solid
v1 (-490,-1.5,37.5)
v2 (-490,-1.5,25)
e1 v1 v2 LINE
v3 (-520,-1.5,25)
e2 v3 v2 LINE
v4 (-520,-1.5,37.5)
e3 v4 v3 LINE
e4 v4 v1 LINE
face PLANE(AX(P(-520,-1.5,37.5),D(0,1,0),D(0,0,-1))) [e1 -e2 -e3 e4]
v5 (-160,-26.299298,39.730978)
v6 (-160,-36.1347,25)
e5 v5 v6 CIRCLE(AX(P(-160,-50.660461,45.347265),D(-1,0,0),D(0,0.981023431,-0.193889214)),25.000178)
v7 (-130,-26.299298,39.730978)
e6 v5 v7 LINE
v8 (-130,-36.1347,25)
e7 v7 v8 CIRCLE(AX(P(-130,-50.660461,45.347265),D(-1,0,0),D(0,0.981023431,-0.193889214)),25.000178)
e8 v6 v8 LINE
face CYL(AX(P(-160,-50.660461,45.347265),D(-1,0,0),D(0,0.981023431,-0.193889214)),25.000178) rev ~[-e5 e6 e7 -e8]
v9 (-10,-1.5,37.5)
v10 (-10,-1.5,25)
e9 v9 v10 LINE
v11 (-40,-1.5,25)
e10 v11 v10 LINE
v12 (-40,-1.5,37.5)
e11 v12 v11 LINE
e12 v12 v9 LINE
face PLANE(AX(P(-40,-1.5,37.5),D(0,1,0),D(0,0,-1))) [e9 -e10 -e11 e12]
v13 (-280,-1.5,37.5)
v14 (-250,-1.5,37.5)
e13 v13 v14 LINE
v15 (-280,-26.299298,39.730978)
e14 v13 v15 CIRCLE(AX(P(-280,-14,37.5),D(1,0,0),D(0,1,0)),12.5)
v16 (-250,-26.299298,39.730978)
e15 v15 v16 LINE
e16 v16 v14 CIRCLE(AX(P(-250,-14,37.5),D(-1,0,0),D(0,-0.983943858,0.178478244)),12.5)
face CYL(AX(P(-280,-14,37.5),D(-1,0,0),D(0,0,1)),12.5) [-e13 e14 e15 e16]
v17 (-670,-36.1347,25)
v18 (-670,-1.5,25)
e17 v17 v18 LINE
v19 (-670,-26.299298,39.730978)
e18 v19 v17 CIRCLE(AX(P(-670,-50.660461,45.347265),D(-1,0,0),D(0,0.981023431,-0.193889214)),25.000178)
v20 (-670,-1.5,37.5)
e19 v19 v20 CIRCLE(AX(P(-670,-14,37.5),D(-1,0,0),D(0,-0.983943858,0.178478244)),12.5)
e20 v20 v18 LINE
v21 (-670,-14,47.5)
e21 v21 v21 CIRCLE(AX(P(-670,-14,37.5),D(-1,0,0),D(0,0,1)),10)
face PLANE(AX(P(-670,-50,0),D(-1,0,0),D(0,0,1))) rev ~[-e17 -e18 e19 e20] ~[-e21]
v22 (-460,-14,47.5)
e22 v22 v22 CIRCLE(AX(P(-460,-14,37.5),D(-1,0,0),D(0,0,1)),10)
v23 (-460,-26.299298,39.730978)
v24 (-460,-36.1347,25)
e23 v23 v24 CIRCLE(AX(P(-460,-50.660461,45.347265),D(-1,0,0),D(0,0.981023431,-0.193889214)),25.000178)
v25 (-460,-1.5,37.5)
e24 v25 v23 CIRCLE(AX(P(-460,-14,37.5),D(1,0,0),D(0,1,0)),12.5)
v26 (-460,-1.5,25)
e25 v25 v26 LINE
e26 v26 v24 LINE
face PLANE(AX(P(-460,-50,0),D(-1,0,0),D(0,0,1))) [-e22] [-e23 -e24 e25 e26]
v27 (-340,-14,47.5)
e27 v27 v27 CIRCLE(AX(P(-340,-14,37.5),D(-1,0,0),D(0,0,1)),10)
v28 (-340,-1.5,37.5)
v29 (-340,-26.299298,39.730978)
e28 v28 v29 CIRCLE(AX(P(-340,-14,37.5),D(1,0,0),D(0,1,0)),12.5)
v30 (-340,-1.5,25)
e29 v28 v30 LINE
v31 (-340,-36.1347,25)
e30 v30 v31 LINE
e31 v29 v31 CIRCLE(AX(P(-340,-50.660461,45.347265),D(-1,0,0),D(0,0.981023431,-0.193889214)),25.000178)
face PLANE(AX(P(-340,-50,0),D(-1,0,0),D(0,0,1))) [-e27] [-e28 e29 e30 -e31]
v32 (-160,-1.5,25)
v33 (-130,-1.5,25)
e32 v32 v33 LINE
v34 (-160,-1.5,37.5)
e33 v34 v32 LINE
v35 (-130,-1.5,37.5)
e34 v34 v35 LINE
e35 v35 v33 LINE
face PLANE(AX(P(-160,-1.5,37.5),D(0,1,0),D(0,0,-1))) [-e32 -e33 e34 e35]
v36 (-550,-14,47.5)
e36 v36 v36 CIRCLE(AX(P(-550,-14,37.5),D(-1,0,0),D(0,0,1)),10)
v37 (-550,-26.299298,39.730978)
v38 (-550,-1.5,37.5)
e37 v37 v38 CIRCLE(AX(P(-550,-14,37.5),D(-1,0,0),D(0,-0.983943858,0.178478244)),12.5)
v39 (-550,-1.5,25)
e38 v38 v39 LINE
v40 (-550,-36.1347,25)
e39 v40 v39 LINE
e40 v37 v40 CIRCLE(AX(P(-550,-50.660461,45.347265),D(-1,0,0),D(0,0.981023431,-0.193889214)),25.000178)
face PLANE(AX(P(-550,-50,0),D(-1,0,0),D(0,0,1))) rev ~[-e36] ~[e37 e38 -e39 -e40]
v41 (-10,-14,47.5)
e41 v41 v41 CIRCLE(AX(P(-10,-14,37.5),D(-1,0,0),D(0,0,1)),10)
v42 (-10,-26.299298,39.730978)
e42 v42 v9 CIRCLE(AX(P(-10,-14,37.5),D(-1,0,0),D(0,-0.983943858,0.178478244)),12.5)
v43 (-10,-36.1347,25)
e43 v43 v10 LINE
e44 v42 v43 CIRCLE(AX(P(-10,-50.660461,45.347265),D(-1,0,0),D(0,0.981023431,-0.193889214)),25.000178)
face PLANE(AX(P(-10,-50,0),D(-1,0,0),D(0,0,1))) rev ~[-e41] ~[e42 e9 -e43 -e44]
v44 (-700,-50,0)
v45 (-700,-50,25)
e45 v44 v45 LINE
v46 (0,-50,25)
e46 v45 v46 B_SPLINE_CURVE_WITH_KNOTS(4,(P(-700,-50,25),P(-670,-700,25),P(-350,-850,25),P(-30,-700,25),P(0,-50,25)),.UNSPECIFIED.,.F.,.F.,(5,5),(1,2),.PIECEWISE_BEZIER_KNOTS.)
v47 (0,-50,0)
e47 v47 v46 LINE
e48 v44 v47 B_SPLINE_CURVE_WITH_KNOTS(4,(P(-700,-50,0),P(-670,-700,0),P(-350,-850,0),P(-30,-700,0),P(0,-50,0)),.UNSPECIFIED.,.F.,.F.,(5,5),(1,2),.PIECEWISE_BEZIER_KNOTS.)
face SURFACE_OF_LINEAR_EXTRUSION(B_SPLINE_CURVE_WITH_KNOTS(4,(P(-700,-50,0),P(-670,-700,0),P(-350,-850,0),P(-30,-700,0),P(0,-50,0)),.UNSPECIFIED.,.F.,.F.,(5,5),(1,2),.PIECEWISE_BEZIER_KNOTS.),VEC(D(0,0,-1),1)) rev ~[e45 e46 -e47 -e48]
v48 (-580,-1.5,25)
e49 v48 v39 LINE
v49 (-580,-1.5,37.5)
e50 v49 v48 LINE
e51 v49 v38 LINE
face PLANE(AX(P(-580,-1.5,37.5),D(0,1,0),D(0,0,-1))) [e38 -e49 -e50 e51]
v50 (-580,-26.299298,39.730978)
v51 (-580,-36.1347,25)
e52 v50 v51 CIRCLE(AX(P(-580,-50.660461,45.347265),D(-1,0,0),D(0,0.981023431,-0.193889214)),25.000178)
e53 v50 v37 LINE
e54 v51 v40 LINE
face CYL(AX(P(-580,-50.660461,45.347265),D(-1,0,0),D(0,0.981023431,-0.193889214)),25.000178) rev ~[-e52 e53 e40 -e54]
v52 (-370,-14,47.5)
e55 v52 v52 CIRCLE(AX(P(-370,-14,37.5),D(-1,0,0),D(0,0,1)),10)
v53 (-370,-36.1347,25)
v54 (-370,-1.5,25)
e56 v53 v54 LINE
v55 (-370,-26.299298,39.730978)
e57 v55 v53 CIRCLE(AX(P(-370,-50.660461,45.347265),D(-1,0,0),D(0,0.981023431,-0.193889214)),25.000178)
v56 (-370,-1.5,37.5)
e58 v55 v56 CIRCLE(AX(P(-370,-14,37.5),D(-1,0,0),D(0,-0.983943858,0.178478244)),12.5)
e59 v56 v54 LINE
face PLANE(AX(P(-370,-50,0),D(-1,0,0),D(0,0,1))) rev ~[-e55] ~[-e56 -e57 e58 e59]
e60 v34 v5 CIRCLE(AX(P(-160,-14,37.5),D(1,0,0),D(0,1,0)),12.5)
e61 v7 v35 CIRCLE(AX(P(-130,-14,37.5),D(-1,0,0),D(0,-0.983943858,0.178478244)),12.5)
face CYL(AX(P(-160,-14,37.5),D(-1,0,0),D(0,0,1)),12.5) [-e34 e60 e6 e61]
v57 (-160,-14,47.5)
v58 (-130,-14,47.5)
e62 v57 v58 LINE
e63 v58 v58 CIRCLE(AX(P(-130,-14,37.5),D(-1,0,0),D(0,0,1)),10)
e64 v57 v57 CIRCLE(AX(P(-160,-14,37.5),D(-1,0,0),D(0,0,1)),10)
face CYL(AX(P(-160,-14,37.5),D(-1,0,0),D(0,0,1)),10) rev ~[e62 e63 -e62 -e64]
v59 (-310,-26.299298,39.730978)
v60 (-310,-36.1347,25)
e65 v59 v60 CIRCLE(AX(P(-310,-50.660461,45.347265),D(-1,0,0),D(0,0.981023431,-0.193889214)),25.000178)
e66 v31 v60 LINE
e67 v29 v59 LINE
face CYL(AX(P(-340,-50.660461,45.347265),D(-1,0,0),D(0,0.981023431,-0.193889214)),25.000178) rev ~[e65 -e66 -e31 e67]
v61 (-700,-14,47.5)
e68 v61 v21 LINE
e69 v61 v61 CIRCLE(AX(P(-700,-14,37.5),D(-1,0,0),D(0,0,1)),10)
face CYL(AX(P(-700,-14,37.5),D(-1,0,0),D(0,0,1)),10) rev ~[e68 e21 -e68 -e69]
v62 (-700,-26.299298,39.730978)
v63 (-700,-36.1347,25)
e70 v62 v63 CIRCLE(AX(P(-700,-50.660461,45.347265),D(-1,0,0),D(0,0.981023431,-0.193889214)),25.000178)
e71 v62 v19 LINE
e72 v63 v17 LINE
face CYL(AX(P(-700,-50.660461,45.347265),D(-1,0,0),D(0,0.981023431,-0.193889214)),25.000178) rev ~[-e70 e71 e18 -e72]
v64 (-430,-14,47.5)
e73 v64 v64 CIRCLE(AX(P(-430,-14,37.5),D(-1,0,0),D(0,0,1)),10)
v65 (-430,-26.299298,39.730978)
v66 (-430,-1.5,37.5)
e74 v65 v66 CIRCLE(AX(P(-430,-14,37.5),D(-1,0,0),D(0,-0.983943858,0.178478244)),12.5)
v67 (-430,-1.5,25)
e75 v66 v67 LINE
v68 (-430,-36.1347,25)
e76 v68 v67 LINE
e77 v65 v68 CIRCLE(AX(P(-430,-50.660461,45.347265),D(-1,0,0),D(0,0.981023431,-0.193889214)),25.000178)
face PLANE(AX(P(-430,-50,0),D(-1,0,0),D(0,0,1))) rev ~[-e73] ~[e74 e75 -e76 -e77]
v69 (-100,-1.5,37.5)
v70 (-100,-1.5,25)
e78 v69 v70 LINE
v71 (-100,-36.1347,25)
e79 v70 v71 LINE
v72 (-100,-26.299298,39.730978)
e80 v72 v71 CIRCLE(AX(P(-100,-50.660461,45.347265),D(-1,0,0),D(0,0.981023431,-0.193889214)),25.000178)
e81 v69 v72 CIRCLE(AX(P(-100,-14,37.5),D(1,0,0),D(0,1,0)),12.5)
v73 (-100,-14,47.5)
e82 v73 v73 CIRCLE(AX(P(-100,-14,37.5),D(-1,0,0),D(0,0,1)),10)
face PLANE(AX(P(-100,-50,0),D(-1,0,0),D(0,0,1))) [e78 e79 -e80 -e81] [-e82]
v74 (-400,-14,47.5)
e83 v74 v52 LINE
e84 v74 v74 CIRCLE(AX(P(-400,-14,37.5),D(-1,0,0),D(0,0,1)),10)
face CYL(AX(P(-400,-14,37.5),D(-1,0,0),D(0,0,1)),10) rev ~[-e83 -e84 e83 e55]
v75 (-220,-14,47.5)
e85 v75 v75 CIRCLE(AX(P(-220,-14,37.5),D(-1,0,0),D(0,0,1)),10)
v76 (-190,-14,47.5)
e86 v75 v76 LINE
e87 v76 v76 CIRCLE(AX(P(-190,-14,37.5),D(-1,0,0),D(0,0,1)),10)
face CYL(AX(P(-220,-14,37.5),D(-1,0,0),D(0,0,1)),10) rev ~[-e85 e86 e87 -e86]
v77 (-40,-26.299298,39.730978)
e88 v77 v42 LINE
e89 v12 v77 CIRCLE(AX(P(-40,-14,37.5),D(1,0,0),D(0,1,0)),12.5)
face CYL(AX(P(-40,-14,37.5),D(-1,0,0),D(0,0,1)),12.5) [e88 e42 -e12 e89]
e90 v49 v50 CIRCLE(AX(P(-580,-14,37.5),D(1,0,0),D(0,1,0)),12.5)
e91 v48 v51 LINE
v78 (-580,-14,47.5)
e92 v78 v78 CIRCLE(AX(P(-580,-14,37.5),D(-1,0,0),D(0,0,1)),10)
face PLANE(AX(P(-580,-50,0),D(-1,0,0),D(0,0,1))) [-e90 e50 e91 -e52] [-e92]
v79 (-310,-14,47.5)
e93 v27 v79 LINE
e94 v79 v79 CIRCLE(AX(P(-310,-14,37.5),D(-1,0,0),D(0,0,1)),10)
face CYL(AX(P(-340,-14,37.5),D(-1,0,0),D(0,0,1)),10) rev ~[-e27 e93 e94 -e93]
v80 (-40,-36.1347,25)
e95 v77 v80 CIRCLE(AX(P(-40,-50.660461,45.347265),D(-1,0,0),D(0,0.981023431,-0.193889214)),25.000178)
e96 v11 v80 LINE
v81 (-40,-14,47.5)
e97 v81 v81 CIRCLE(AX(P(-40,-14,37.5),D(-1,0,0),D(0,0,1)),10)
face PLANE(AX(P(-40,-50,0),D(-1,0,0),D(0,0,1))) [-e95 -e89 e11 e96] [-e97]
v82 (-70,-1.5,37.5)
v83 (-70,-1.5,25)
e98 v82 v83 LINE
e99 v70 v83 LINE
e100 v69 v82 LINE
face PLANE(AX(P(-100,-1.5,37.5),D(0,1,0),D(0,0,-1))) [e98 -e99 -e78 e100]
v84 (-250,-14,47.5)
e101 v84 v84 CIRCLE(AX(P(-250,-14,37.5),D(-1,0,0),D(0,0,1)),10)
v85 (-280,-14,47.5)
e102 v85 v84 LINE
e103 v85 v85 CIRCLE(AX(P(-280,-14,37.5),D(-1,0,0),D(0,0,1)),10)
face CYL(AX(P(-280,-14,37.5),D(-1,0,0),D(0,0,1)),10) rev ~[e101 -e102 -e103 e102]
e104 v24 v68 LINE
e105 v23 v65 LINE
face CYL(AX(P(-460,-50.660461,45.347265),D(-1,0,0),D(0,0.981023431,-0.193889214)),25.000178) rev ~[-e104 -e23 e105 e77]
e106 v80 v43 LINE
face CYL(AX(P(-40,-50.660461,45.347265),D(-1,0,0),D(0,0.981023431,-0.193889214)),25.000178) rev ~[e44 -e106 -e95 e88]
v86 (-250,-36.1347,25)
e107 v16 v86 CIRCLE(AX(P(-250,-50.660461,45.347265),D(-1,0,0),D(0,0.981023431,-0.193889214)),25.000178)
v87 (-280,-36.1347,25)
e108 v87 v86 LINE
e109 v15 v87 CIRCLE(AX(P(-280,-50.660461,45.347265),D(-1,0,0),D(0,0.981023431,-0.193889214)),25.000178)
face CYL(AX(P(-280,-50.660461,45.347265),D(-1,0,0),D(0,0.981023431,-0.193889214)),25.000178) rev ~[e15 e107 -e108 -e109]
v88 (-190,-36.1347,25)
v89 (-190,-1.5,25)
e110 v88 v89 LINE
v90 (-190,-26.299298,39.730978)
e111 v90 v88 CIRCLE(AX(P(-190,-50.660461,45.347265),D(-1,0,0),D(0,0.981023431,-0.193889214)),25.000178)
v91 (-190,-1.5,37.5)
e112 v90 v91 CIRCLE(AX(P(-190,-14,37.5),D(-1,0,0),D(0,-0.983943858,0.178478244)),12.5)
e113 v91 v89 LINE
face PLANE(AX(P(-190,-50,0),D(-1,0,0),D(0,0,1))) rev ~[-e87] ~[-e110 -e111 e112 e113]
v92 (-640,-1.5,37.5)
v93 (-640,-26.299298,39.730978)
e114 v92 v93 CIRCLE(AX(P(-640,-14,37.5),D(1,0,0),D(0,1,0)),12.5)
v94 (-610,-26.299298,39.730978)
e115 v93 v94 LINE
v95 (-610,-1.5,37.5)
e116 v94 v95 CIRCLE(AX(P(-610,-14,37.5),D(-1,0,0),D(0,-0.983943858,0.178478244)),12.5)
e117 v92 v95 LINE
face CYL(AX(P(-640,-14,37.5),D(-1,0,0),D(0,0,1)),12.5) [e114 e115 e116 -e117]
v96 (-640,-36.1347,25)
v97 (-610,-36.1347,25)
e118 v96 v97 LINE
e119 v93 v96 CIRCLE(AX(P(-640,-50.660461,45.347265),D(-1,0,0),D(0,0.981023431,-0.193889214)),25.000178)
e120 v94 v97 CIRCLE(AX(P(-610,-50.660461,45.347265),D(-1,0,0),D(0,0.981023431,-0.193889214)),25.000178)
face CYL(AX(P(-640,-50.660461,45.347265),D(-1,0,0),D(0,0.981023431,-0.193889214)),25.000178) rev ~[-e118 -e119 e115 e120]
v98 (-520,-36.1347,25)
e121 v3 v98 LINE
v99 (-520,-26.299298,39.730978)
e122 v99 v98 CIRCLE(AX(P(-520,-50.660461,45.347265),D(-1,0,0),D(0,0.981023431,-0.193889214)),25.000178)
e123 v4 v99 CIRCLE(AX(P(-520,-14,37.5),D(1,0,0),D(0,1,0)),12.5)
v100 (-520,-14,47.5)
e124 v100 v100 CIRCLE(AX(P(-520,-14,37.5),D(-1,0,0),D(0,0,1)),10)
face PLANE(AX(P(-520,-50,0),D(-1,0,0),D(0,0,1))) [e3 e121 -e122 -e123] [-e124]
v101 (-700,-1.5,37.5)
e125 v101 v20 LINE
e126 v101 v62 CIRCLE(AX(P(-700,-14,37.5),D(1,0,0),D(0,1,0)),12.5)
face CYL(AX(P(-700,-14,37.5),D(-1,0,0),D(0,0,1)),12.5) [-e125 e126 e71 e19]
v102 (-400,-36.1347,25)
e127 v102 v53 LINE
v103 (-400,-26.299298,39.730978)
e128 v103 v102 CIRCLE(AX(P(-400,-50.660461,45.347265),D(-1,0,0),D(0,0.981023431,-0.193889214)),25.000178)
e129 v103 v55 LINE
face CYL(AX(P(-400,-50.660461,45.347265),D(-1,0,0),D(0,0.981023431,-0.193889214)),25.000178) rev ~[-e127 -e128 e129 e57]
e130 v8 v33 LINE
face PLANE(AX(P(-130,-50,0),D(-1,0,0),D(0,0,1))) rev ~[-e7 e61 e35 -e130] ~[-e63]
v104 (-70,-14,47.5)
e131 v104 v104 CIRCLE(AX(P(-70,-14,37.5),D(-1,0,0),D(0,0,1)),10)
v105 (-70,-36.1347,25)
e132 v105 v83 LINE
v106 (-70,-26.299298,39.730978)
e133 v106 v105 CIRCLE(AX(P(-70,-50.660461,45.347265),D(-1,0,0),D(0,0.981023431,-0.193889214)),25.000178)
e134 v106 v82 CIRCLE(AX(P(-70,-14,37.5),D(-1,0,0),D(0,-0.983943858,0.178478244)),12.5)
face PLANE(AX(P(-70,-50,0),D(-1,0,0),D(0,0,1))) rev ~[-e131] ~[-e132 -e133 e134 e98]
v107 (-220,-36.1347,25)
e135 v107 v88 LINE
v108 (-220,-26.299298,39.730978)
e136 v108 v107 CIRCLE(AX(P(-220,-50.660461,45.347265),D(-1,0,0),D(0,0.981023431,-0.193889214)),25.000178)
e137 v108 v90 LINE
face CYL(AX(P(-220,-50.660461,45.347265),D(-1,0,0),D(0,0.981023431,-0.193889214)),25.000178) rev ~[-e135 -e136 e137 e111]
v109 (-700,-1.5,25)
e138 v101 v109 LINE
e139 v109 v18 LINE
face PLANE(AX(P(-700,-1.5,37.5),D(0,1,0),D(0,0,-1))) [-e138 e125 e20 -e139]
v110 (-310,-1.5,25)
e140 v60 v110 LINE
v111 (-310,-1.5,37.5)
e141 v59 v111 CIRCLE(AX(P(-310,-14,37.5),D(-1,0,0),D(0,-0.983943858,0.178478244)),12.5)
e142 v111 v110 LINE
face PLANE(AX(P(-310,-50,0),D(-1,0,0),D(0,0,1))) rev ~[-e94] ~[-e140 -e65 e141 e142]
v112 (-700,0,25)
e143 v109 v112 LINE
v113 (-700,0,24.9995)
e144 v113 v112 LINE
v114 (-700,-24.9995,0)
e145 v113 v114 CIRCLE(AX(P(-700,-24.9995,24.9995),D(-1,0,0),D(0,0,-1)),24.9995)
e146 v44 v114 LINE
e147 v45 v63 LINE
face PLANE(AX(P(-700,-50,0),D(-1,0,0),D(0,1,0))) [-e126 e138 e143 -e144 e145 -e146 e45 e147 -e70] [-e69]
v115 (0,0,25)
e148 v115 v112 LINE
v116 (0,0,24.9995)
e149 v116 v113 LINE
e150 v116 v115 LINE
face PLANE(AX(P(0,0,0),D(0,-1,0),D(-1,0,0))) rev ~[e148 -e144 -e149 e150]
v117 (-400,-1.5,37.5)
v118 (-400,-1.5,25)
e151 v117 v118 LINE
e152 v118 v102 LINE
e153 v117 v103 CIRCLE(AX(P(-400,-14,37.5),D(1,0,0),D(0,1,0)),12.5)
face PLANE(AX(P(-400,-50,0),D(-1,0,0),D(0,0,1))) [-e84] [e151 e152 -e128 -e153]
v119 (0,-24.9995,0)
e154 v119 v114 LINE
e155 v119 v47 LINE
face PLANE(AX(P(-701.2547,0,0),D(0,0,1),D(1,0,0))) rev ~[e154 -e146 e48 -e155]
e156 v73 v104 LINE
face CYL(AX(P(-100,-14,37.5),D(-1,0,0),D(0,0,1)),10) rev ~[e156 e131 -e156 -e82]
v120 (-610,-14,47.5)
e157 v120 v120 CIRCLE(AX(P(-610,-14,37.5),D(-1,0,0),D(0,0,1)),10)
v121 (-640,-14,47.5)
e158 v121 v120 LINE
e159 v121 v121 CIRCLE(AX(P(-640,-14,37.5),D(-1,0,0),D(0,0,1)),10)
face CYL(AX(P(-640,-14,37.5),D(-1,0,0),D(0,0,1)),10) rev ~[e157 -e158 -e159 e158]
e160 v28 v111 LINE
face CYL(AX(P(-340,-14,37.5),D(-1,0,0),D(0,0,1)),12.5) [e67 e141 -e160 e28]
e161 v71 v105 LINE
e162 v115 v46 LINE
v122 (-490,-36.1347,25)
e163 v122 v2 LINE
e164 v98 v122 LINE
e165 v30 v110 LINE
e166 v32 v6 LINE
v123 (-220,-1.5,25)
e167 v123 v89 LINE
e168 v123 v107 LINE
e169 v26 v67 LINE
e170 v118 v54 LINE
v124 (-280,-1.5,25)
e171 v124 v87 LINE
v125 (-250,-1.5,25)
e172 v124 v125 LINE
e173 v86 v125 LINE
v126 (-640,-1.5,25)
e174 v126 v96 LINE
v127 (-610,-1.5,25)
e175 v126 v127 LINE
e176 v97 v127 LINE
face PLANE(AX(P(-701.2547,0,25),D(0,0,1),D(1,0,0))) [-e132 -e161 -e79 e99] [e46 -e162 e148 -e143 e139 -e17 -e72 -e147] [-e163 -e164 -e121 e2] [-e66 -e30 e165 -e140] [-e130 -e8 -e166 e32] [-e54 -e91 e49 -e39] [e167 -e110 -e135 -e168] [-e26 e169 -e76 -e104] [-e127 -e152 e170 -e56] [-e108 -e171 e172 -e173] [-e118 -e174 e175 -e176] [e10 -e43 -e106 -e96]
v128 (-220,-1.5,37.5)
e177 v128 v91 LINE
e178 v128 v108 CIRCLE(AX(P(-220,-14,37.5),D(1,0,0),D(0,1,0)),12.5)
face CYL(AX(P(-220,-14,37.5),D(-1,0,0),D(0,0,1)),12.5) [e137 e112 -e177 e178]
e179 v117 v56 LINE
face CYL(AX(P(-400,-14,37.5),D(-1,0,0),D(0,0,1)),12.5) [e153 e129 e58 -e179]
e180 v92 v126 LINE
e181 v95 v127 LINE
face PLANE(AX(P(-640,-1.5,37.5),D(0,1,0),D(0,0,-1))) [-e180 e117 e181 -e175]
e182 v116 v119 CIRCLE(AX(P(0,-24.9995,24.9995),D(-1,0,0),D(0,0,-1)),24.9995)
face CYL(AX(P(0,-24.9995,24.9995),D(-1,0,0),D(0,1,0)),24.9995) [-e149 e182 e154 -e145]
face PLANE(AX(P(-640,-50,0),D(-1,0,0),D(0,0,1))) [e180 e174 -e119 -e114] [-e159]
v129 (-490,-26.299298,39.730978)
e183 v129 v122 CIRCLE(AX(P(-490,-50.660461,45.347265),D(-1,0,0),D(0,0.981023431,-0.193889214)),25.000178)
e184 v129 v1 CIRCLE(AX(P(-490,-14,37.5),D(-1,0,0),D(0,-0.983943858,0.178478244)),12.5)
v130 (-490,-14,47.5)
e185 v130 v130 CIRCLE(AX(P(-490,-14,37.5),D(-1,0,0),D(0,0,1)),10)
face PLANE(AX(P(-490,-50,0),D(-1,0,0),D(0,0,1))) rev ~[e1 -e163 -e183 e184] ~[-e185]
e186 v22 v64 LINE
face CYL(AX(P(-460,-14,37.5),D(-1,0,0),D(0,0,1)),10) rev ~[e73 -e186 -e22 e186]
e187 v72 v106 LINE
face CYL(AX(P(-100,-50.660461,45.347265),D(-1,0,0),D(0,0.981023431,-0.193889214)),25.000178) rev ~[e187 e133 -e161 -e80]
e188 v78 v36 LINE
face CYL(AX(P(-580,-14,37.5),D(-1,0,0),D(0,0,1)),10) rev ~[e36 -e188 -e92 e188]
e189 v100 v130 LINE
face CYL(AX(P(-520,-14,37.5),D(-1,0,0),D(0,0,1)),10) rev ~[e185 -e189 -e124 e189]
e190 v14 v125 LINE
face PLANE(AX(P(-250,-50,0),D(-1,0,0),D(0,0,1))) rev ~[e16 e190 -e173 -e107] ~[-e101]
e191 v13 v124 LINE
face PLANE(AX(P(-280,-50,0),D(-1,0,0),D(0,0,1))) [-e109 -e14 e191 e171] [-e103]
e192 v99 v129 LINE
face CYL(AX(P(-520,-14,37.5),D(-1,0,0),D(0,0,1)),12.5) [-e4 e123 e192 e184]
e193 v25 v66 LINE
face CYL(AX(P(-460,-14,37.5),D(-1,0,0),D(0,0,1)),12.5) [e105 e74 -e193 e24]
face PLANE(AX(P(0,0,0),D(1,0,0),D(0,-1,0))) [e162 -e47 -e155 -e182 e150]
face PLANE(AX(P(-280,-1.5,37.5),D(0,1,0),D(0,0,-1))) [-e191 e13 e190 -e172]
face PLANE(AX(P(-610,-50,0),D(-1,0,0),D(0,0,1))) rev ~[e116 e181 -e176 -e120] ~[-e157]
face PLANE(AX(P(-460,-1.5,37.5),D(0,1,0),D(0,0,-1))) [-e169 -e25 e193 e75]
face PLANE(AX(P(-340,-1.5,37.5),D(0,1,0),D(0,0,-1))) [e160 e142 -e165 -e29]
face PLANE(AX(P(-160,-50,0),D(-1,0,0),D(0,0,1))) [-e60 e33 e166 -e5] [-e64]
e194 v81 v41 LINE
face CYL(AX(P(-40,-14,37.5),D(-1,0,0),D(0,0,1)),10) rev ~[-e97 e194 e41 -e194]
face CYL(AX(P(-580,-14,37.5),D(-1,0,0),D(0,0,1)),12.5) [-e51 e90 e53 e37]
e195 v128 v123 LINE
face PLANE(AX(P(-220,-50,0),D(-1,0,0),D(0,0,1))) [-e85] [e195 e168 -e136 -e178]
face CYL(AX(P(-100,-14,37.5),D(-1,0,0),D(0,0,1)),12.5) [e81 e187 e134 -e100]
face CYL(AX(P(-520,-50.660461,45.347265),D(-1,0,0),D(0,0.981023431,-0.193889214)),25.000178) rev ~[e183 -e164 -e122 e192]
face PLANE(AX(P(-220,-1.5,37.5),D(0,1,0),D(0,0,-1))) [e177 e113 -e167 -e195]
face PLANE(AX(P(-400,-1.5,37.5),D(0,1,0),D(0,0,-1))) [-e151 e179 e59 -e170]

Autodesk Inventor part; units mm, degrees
ref_plane "YZ Plane" through (0, 0, 0) normal (1, 0, 0) x (0, 1, 0)
ref_plane "XZ Plane" through (0, 0, 0) normal (0, 1, 0) x (-1, 0, 0)
ref_plane "XY Plane" through (0, 0, 0) normal (0, 0, 1) x (1, 0, 0)
ref_plane "Work Plane1" through (-701.2547, 0, 0) normal (0, 0, 1) x (1, 0, 0)
sketch "Sketch1" plane through (-701.2547, 0, 0) normal (0, 0, 1) x (1, 0, 0)
  line L0 (557.3903, 26) -> (429.8698, 26) projected
  arc A0 (429.8698, 26) -> (429.8698, 4) centre (429.8698, 15) ccw projected
  line L1 (429.8698, 4) -> (557.3903, 4) projected
  arc A1 (557.3903, 4) -> (557.3903, 26) centre (557.3903, 15) ccw projected
  line L2 (701.2547, 0) -> (1.2547, 0) projected
  line L3 (1.2547, 0) -> (1.2547, 30) projected
  line L4 (1.2547, 30) -> (701.2547, 30) projected
  line L5 (701.2547, 30) -> (701.2547, 0) projected
  line L6 (1.2547, 0) -> (701.2547, 0)
  line L7 (701.2547, 0) -> (701.2547, -50)
  line L8 (701.2547, -50) -> (1.2547, -50)
  line L9 (1.2547, -50) -> (1.2547, 0)
  line L10 (1.2547, -50) -> (31.2547, -700) construction
  line L11 (31.2547, -700) -> (351.2547, -850) construction
  line L12 (351.2547, -850) -> (671.2547, -700) construction
  line L13 (671.2547, -700) -> (701.2547, -50) construction
  spline S0 degree 4 poles (1.2547, -50) (31.2547, -700) (351.2547, -850) (671.2547, -700) (701.2547, -50) knots 1 1 1 1 1 2 2 2 2 2
  dimension "d0" = 50
  dimension "d1" = 850
  dimension "d2" = 700
  dimension "d3" = 30
  dimension "d4" = 30
  dimension "d5" = 350
  dimension "d6" = 350
extrude "Extrusion1" add sketch "Sketch1" along normal blind 25 contours L7 L8 L9 L2 | S0 L8
ref_plane "Work Plane2" through (-700, 0, 1930) normal (-1, 0, 0) x (0, 1, 0)
sketch "Sketch3" plane through (-700, -50, 0) normal (-1, 0, 0) x (0, 0, 1)
  circle A0 centre (37.5, 36) radius 12.5
  line L0 (0, 50) -> (25, 50) projected
  line L1 (25, 50) -> (25, 0) projected
  circle A1 centre (37.5, 36) radius 10
  arc A2 (40.5, 23.8653) -> (25, 13.8653) centre (45.3472, -0.6603) ccw
  line L2 (37.5, 48.5) -> (25, 48.5)
  point P0 (12.5, 50)
  point P1 (39.7301, 23.7006)
  point P2 (25, 36)
  point P3 (25, 41.0707)
  dimension "d11" = 12.5
  dimension "d12" = 2.5
  dimension "d13" = 20
  dimension "d14" = 10
  dimension "d15" = 3
  dimension "d16" = 25
  dimension "d17" = 14
  dimension "d18" = 12.5
extrude "Extrusion2" add sketch "Sketch3" against normal blind 30
fillet "Fillet1" radius 25 1 edges at (-350, 0, 0)
pattern_linear "Rectangular Pattern1" count 12 spacing 60 along (1, 0, 0) of "Extrusion2"
properties part number "back-flaps-3"
